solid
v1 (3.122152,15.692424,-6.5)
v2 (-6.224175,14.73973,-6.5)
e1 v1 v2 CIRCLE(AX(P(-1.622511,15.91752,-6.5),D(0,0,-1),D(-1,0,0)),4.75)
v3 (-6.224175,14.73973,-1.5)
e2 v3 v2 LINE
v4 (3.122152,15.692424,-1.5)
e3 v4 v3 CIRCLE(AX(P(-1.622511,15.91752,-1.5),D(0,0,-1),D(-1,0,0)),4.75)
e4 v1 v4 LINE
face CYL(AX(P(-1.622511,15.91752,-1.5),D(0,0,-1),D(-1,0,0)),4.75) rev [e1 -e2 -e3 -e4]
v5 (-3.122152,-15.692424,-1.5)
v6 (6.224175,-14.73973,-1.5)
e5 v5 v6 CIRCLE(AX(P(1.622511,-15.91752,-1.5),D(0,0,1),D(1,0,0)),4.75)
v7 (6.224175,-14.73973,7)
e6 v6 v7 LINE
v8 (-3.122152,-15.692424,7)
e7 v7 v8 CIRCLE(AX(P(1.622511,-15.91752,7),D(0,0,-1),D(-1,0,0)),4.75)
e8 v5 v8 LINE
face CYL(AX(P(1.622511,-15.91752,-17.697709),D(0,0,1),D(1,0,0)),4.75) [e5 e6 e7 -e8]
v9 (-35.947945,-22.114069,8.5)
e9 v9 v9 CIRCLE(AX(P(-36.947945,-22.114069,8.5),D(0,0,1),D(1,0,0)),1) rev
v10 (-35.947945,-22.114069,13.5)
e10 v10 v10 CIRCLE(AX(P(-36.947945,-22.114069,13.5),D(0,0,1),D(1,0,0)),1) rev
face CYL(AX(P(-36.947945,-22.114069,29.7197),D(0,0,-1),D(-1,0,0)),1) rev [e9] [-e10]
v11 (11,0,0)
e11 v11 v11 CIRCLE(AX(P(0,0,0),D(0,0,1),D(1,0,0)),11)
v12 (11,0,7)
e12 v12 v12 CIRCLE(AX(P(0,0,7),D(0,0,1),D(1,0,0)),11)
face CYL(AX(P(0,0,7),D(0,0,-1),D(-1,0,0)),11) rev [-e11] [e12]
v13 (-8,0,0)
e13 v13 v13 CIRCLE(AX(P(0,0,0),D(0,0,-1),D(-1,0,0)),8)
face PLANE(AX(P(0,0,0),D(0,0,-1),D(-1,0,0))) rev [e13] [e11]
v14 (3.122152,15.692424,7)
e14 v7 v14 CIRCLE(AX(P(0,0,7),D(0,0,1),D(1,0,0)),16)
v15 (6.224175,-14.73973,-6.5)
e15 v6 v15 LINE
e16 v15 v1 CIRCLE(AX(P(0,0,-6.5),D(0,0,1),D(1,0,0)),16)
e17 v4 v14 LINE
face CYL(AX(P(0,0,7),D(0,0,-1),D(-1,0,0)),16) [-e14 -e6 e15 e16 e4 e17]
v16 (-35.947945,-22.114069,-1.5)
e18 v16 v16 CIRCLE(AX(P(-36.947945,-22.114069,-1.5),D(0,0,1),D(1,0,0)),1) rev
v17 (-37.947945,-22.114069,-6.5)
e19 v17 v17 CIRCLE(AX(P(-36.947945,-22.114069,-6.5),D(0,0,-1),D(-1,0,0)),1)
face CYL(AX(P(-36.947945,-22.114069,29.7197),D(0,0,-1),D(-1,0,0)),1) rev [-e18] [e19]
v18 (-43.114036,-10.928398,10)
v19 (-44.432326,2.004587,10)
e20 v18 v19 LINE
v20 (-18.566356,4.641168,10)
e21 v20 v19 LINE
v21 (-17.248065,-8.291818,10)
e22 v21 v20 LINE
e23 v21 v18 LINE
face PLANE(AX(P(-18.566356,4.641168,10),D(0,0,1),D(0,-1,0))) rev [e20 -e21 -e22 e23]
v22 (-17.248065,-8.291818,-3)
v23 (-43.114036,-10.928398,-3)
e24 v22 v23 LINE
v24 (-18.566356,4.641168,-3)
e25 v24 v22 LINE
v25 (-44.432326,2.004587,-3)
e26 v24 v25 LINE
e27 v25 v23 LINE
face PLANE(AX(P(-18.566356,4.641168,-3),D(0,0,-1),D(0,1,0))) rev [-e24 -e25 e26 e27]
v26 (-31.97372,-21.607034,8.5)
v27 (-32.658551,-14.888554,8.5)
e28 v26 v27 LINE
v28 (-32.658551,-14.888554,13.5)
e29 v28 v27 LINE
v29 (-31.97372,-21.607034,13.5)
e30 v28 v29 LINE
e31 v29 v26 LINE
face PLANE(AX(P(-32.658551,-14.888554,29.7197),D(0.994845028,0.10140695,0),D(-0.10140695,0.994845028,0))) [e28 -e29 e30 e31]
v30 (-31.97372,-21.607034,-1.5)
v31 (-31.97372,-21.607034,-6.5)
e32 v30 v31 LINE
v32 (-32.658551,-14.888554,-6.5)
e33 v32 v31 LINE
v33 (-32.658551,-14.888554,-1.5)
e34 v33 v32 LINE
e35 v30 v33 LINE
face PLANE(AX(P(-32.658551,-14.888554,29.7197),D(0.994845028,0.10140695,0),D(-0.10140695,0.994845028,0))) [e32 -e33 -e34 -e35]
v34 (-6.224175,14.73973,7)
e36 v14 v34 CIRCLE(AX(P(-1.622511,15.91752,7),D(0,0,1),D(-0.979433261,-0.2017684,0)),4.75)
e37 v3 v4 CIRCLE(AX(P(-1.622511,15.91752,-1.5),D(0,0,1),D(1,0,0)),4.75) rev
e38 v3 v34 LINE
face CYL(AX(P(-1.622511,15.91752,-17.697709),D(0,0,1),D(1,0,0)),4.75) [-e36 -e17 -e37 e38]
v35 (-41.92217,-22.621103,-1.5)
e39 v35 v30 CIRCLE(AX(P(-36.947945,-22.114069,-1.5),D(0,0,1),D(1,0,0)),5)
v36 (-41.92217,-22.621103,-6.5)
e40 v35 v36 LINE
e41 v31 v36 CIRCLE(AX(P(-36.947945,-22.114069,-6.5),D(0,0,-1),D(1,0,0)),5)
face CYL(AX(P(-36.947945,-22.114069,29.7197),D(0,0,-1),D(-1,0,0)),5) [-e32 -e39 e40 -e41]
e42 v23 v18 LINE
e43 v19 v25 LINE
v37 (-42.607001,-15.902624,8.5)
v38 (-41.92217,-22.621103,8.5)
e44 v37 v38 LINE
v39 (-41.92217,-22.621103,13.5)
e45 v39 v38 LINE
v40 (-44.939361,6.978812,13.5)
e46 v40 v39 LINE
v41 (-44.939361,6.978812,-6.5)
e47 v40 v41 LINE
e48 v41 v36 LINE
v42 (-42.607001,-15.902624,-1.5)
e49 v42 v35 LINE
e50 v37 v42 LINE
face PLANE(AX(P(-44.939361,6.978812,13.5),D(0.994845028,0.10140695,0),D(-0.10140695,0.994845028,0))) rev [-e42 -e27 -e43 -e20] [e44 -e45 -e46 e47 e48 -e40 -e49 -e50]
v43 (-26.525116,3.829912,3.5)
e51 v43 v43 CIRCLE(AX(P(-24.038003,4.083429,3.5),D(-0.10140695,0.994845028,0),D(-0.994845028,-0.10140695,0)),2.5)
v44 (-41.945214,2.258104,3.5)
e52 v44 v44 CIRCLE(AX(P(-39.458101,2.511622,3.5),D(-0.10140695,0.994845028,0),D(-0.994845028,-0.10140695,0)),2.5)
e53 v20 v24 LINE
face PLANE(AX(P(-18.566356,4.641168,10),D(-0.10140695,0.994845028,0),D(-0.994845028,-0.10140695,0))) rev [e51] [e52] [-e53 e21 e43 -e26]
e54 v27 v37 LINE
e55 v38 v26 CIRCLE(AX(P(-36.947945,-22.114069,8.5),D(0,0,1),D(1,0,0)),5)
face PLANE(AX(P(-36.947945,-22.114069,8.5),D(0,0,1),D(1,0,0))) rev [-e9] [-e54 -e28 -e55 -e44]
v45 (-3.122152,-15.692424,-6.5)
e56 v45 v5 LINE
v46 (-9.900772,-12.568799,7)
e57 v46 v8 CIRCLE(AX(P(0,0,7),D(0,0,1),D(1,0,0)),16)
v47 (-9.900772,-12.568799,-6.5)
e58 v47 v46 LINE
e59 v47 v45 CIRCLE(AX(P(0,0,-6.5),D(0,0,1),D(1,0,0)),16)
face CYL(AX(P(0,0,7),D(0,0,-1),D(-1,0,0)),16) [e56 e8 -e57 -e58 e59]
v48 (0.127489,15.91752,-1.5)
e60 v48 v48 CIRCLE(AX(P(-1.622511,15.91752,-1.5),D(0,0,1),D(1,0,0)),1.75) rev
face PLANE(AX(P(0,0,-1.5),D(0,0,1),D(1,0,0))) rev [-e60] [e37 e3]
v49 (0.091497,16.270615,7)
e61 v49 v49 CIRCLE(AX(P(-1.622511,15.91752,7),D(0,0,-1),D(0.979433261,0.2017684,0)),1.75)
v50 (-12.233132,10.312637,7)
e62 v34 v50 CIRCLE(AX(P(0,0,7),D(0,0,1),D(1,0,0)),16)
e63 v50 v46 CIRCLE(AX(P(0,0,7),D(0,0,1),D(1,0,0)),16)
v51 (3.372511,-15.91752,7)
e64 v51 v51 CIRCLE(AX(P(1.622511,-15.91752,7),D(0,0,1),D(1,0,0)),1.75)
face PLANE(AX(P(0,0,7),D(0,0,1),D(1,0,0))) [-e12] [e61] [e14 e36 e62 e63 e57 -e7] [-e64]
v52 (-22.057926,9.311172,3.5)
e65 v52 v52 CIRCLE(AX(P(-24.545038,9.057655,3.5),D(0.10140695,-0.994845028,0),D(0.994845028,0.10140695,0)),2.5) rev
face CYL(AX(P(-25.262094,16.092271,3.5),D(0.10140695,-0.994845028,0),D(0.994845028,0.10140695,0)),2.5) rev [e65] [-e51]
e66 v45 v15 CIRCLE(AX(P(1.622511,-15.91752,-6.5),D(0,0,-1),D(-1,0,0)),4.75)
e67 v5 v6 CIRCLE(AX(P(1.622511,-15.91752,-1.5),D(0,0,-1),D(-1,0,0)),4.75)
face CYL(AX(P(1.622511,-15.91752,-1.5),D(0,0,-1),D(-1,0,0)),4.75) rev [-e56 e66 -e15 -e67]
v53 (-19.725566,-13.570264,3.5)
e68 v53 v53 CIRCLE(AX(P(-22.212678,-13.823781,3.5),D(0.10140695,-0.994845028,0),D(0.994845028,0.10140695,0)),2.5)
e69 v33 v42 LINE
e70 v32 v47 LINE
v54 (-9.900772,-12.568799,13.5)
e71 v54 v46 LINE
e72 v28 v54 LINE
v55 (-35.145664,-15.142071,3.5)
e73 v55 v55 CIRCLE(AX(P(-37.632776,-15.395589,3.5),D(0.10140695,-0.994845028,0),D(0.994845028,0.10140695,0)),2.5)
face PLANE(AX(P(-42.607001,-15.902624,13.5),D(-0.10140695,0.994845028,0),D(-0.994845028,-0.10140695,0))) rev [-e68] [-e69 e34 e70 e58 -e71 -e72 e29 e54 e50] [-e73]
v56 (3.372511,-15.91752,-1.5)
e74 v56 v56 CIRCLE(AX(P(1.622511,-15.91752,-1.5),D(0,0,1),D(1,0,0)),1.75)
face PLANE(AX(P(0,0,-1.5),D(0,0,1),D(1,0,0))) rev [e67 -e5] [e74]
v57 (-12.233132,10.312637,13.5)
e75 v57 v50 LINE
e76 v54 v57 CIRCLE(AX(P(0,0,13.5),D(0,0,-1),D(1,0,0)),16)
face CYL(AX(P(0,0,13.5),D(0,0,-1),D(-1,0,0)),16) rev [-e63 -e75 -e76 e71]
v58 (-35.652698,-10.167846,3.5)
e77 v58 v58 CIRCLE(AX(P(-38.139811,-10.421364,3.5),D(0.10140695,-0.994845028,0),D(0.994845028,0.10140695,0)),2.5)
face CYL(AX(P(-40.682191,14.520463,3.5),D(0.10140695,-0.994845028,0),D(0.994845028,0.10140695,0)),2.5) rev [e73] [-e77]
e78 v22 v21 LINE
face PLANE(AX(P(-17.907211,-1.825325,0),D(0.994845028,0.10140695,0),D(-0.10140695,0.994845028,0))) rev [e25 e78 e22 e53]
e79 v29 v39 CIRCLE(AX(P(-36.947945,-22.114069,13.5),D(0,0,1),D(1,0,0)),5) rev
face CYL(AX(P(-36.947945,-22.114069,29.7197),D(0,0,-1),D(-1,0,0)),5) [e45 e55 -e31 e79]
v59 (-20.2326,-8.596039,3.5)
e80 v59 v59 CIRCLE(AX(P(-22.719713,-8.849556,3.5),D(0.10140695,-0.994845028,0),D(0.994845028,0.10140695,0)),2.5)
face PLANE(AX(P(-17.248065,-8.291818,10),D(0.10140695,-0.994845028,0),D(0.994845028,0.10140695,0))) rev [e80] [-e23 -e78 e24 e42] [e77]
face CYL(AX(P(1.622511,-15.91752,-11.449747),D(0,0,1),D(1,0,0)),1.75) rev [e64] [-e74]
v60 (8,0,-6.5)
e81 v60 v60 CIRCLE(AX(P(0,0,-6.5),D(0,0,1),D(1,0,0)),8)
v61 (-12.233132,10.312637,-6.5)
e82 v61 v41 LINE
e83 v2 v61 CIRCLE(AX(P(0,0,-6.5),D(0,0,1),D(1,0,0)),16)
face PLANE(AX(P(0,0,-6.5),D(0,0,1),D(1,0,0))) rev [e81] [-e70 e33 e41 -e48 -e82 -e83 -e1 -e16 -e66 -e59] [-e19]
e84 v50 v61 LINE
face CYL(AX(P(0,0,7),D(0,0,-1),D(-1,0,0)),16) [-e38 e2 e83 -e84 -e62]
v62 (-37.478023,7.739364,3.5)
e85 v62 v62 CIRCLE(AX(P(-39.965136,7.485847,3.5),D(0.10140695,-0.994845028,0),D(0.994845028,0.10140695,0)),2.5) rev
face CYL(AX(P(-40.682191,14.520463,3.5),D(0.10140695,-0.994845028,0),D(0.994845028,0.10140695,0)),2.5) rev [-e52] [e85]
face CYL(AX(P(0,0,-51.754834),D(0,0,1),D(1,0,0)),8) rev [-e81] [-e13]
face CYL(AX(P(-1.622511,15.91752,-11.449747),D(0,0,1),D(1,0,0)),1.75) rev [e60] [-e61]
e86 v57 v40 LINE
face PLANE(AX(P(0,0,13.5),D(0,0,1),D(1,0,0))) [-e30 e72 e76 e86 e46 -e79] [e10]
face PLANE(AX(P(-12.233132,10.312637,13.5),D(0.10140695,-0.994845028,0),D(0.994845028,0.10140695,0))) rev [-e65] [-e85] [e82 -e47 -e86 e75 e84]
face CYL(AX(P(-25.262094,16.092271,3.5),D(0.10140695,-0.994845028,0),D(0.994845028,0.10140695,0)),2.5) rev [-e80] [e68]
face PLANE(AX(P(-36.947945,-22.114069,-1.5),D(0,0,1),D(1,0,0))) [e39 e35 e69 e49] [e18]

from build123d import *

# Parameters (mm, degrees)
SKETCH1_R                = 16
SKETCH1_R_2              = 11
BOSS_EXTRUDE1_DEPTH      = 7
BOSS_EXTRUDE2_DEPTH      = 10
BOSS_EXTRUDE2_DEPTH_BACK = 10
SKETCH3_W                = 13
SKETCH3_H                = 13
CUT_EXTRUDE1_DEPTH       = 26
BOSS_EXTRUDE5_START      = 6.5
SKETCH8_R                = 16
SKETCH8_R_2              = 8
BOSS_EXTRUDE5_DEPTH      = 6.5
SKETCH9_R                = 1
BOSS_EXTRUDE6_DEPTH      = 20
CUT_EXTRUDE3_DEPTH       = 5
CUT_EXTRUDE3_DEPTH_BACK  = 5
BOSS_EXTRUDE7_START      = -8.5
BOSS_EXTRUDE7_DEPTH      = 8.5
CUT_EXTRUDE4_START       = -13.5
SKETCH12_R               = 1.75
CUT_EXTRUDE4_DEPTH       = 13.5
SKETCH13_R               = 4.75
CUT_EXTRUDE5_DEPTH       = 5
CUT_EXTRUDE6_REACH       = 59.783
SKETCH14_R               = 2.5


with BuildPart() as part:
    # Sketch1 → Boss-Extrude1 (new body)
    with BuildSketch(Plane.XY):
        Circle(SKETCH1_R)
        Circle(SKETCH1_R_2, mode=Mode.SUBTRACT)
    extrude(amount=BOSS_EXTRUDE1_DEPTH)

    # Sketch2 → Boss-Extrude2 (add, two sides: drawn at the far end of the back side and taken through both)
    with BuildSketch(Plane.XY.offset(3.5).offset(-BOSS_EXTRUDE2_DEPTH_BACK)):
        with BuildLine():
            Line((-12.233132214, 10.312636725), (-44.939361172, 6.978812037))
            Line((-44.939361172, 6.978812037), (-42.607001327, -15.902623617))
            Line((-42.607001327, -15.902623617), (-9.900772369, -12.568798928))
            ThreePointArc((-9.900772369, -12.568798928), (-15.917520454, -1.622511196), (-12.233132214, 10.312636725))
        make_face()
    extrude(amount=BOSS_EXTRUDE2_DEPTH + BOSS_EXTRUDE2_DEPTH_BACK)

    # Sketch3 → Cut-Extrude1 (cut)
    with BuildSketch(Plane(origin=(-43.77318125, -4.46190579, 0), x_dir=(0, 0, 1), z_dir=(-0.9948450284027645, -0.10140694977319323, 0))):
        with Locations((3.5, 0)):
            Rectangle(SKETCH3_W, SKETCH3_H)
    extrude(amount=-CUT_EXTRUDE1_DEPTH, mode=Mode.SUBTRACT)

    # Sketch8 → Boss-Extrude5 (add)
    with BuildSketch(Plane(origin=(0, 0, 0), x_dir=(-1, 0, 0), z_dir=(0, 0, -1)).offset(BOSS_EXTRUDE5_START)):
        Circle(SKETCH8_R)
        with Locations(Location((0, 0, 0), (0, 0, 180))):
            Circle(SKETCH8_R_2, mode=Mode.SUBTRACT)
    extrude(amount=-BOSS_EXTRUDE5_DEPTH)

    # Sketch9 → Boss-Extrude6 (add)
    with BuildSketch(Plane(origin=(0, 0, -6.5), x_dir=(-1, 0, 0), z_dir=(0, 0, -1))):
        with BuildLine():
            Line((42.607001327, -15.902623617), (32.658551043, -14.888554119))
            Line((32.658551043, -14.888554119), (31.973720208, -21.607033999))
            ThreePointArc((31.973720208, -21.607033999), (36.440910601, -27.08829389), (41.922170492, -22.621103497))
            Line((41.922170492, -22.621103497), (42.607001327, -15.902623617))
        make_face()
        with Locations((36.94794535, -22.114068748)):
            Circle(SKETCH9_R, mode=Mode.SUBTRACT)
    extrude(amount=-BOSS_EXTRUDE6_DEPTH)

    # Sketch10 → Cut-Extrude3 (cut, two sides: drawn at the far end of the back side and taken through both)
    with BuildSketch(Plane.XY.offset(3.5).offset(-CUT_EXTRUDE3_DEPTH_BACK)):
        with BuildLine():
            Line((-32.658551043, -14.888554119), (-42.607001327, -15.902623617))
            Line((-42.607001327, -15.902623617), (-41.922170492, -22.621103497))
            ThreePointArc((-41.922170492, -22.621103497), (-36.440910601, -27.08829389), (-31.973720208, -21.607033999))
            Line((-31.973720208, -21.607033999), (-32.658551043, -14.888554119))
        make_face()
    extrude(amount=CUT_EXTRUDE3_DEPTH + CUT_EXTRUDE3_DEPTH_BACK, mode=Mode.SUBTRACT)

    # Sketch11 → Boss-Extrude7 (add)
    with BuildSketch(Plane.XY.offset(7).offset(BOSS_EXTRUDE7_START)):
        with BuildLine():
            ThreePointArc((6.224175029, -14.739730161), (2.104194208, -20.643034339), (-3.12215228, -15.692423813))
            ThreePointArc((-3.12215228, -15.692423813), (1.622511196, -15.917520454), (6.224175029, -14.739730161))
        make_face()
    boss_extrude7 = extrude(amount=BOSS_EXTRUDE7_DEPTH)

    # Sketch12 → Cut-Extrude4 (cut)
    with BuildSketch(Plane.XY.offset(7).offset(CUT_EXTRUDE4_START)):
        with Locations((1.622511196, -15.917520454)):
            Circle(SKETCH12_R)
    cut_extrude4 = extrude(amount=CUT_EXTRUDE4_DEPTH, mode=Mode.SUBTRACT)

    # Mirror1: Boss-Extrude7, Cut-Extrude4 across plane
    add(boss_extrude7.mirror(Plane(origin=(0, 0, 0), x_dir=(0, 0, 1), z_dir=(0.10140694977319331, -0.9948450284027645, 0))))
    add(cut_extrude4.mirror(Plane(origin=(0, 0, 0), x_dir=(0, 0, 1), z_dir=(0.10140694977319331, -0.9948450284027645, 0))), mode=Mode.SUBTRACT)

    # Sketch13 → Cut-Extrude5 (cut)
    with BuildSketch(Plane(origin=(0, 0, -6.5), x_dir=(-1, 0, 0), z_dir=(0, 0, -1))):
        with Locations((-1.622511196, -15.917520454)):
            Circle(SKETCH13_R)
        with Locations((1.622511196, 15.917520454)):
            Circle(SKETCH13_R)
    extrude(amount=-CUT_EXTRUDE5_DEPTH, mode=Mode.SUBTRACT)

    # Cut-Extrude6: up to this face of the body (flat: up to its plane)
    cut_extrude6_end = Plane(part.part.faces().sort_by_distance((-28.586246693, 8.645724381, 3.5))[0])
    # Sketch14 → Cut-Extrude6 (cut, up to the picked face)
    with BuildSketch(Plane(origin=(1.166179922, -11.440717827, 0), x_dir=(0.9948450284027645, 0.1014069497731933, 0), z_dir=(0.1014069497731933, -0.9948450284027645, 0)), mode=Mode.PRIVATE) as cut_extrude6_sk1:
        with Locations((-39, 3.5)):
            Circle(SKETCH14_R)
    cut_extrude6_tool1 = split(extrude(cut_extrude6_sk1.sketch, amount=-CUT_EXTRUDE6_REACH, mode=Mode.PRIVATE), bisect_by=cut_extrude6_end, keep=Keep.BOTH, mode=Mode.PRIVATE)
    # Sketch14 → Cut-Extrude6 (cut, up to the picked face)
    with BuildSketch(Plane(origin=(1.166179922, -11.440717827, 0), x_dir=(0.9948450284027645, 0.1014069497731933, 0), z_dir=(0.1014069497731933, -0.9948450284027645, 0)), mode=Mode.PRIVATE) as cut_extrude6_sk2:
        with Locations((-23.5, 3.5)):
            Circle(SKETCH14_R)
    cut_extrude6_tool2 = split(extrude(cut_extrude6_sk2.sketch, amount=-CUT_EXTRUDE6_REACH, mode=Mode.PRIVATE), bisect_by=cut_extrude6_end, keep=Keep.BOTH, mode=Mode.PRIVATE)
    add(cut_extrude6_tool1.solids().sort_by(Axis((-37.632776, -15.395589, 3.5), (-0.1014069497731933, 0.9948450284027645, 0)))[0], mode=Mode.SUBTRACT)
    add(cut_extrude6_tool2.solids().sort_by(Axis((-22.212678, -13.823781, 3.5), (-0.1014069497731933, 0.9948450284027645, 0)))[0], mode=Mode.SUBTRACT)


solid = part.part
